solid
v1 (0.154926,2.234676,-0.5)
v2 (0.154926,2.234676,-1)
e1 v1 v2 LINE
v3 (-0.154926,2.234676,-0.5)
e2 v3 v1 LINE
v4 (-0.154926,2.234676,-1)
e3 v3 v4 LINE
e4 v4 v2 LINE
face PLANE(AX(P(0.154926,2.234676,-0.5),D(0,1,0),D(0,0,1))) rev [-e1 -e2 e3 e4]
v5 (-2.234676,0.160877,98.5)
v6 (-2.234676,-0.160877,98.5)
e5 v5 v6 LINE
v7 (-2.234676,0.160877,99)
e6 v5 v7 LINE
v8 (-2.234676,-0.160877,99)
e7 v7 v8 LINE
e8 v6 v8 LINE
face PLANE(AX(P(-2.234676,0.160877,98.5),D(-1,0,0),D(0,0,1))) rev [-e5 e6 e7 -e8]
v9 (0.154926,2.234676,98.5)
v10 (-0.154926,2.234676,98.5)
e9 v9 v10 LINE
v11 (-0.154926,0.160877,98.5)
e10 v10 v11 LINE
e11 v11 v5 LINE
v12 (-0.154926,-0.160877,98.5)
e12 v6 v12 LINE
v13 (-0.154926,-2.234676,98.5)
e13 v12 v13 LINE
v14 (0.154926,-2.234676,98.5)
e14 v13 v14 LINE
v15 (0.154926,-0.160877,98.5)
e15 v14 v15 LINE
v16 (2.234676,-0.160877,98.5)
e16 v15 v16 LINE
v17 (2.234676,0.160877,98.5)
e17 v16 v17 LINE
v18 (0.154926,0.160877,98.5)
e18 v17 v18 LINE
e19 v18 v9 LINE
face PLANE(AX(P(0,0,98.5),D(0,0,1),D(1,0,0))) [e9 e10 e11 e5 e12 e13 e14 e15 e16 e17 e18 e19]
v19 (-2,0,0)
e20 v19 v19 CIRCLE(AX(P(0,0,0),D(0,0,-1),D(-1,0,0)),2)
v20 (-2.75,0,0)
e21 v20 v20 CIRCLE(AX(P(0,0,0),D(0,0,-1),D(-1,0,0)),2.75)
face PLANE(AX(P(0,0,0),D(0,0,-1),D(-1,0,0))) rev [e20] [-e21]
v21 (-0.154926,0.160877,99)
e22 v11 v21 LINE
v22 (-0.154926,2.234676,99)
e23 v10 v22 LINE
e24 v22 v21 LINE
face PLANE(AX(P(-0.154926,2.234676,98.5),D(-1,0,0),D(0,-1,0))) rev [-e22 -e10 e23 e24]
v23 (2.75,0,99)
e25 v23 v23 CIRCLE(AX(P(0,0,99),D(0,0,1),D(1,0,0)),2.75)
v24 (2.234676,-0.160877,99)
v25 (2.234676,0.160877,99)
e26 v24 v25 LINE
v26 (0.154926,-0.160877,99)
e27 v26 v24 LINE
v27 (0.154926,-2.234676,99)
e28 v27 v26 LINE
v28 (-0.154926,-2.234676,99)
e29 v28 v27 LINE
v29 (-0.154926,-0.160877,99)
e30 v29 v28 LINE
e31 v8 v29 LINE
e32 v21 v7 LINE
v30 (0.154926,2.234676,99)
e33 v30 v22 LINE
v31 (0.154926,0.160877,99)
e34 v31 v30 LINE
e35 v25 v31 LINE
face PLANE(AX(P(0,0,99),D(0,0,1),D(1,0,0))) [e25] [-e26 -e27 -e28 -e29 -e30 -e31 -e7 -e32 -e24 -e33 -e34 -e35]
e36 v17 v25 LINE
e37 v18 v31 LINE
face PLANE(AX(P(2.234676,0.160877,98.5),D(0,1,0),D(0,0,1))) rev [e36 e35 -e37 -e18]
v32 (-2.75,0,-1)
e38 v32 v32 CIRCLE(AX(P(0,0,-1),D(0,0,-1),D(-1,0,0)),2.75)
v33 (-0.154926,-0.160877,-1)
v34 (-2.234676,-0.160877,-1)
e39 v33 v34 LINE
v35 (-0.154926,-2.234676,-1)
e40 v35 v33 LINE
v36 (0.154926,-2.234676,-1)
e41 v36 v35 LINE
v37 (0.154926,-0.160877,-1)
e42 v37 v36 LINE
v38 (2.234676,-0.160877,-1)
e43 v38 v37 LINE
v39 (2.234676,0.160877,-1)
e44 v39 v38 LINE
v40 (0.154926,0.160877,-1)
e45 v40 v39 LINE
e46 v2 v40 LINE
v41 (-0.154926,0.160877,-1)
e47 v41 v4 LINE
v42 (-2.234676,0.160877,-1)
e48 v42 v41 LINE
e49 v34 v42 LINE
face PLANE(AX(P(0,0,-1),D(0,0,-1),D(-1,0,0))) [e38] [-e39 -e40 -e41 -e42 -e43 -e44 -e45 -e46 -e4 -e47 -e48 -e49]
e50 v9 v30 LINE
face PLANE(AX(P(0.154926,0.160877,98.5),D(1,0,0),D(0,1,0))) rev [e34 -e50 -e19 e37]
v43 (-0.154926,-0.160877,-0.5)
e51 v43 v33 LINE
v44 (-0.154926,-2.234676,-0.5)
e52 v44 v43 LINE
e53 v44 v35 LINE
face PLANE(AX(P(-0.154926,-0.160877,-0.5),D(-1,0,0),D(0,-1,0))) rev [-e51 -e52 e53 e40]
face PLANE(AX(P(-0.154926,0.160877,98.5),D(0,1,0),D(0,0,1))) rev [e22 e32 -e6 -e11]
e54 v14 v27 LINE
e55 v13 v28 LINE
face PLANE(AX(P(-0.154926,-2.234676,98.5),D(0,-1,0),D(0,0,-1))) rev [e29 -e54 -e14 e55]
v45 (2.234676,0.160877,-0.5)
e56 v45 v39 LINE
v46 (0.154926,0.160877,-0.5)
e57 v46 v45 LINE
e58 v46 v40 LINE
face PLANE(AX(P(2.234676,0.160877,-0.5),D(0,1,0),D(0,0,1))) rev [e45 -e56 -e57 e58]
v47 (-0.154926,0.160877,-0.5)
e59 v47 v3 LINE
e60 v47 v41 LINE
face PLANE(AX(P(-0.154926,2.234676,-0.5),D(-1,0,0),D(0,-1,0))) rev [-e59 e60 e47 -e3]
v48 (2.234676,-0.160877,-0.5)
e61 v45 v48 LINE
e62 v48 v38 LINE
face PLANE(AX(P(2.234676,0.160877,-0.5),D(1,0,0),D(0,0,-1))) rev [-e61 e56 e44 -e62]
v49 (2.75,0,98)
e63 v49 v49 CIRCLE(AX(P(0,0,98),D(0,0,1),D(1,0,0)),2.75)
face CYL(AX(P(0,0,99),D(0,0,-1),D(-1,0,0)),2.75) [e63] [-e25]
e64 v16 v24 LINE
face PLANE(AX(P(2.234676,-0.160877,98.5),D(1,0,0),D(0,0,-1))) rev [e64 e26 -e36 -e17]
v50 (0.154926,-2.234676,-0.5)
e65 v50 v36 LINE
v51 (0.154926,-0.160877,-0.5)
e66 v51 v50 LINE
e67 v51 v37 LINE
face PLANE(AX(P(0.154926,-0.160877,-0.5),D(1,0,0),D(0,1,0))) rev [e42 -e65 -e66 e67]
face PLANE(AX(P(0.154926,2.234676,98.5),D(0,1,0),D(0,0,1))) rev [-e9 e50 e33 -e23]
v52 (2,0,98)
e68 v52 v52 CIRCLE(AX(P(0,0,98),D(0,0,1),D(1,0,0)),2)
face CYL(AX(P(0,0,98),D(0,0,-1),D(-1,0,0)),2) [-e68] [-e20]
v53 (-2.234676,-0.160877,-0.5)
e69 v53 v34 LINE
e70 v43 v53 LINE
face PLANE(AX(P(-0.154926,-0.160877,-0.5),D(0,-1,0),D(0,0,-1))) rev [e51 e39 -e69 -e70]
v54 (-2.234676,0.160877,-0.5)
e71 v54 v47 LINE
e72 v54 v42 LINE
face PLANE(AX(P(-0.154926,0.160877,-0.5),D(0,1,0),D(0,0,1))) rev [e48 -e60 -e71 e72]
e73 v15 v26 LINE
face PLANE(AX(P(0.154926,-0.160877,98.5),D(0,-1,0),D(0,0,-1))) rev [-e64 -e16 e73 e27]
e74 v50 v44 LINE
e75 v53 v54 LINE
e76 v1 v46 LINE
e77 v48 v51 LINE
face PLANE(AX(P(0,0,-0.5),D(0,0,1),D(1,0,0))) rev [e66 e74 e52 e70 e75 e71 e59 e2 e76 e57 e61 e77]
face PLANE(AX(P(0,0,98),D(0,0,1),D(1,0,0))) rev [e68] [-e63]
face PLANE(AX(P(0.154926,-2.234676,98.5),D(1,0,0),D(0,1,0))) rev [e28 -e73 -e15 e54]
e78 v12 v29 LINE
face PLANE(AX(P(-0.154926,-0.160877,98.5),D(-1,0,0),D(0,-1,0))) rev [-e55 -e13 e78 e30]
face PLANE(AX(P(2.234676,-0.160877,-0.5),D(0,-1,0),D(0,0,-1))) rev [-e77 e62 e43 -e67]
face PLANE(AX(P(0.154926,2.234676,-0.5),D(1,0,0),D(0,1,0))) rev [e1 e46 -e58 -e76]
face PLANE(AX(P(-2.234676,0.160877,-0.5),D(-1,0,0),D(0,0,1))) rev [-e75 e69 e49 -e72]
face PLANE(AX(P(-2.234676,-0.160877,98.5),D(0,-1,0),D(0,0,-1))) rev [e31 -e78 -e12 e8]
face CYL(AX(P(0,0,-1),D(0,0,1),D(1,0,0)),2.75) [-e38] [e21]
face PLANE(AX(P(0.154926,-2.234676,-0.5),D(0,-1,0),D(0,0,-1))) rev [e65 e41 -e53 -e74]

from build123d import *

# Parameters (mm, degrees)
SKETCH1_R           = 2
BOSS_EXTRUDE1_DEPTH = 98
SKETCH2_R           = 2.75
BOSS_EXTRUDE2_DEPTH = 1
BOSS_EXTRUDE3_START = 1
SKETCH3_R           = 2.75
BOSS_EXTRUDE3_DEPTH = 1
CUT_EXTRUDE1_DEPTH  = 0.5
CUT_EXTRUDE2_DEPTH  = 0.5


with BuildPart() as part:
    # Sketch1 → Boss-Extrude1 (new body)
    with BuildSketch(Plane.XY):
        Circle(SKETCH1_R)
    extrude(amount=BOSS_EXTRUDE1_DEPTH)

    # Sketch2 → Boss-Extrude2 (add)
    with BuildSketch(Plane.XY.offset(98)):
        Circle(SKETCH2_R)
    extrude(amount=BOSS_EXTRUDE2_DEPTH)

    # Sketch3 → Boss-Extrude3 (add)
    with BuildSketch(Plane(origin=(0, 0, 0), x_dir=(-1, 0, 0), z_dir=(0, 0, -1)).offset(BOSS_EXTRUDE3_START)):
        with Locations(Location((0, 0, 0), (0, 0, 180))):
            Circle(SKETCH3_R)
    extrude(amount=-BOSS_EXTRUDE3_DEPTH)

    # Sketch4 → Cut-Extrude1 (cut)
    with BuildSketch(Plane(origin=(0, 0, -1), x_dir=(-1, 0, 0), z_dir=(0, 0, -1))):
        Polygon((-0.154926193, -0.160877279), (-0.154926193, -2.234675522), (0.154926193, -2.234675522), (0.154926193, -0.160877279), (2.234675522, -0.160877279), (2.234675522, 0.160877279), (0.154926193, 0.160877279), (0.154926193, 2.234675522), (-0.154926193, 2.234675522), (-0.154926193, 0.160877279), (-2.234675522, 0.160877279), (-2.234675522, -0.160877279), align=None)
    extrude(amount=-CUT_EXTRUDE1_DEPTH, mode=Mode.SUBTRACT)

    # Sketch5 → Cut-Extrude2 (cut)
    with BuildSketch(Plane.XY.offset(99)):
        Polygon((-2.234675522, -0.160877279), (-0.154926193, -0.160877279), (-0.154926193, -2.234675522), (0.154926193, -2.234675522), (0.154926193, -0.160877279), (2.234675522, -0.160877279), (2.234675522, 0.160877279), (0.154926193, 0.160877279), (0.154926193, 2.234675522), (-0.154926193, 2.234675522), (-0.154926193, 0.160877279), (-2.234675522, 0.160877279), align=None)
    extrude(amount=-CUT_EXTRUDE2_DEPTH, mode=Mode.SUBTRACT)


solid = part.part
